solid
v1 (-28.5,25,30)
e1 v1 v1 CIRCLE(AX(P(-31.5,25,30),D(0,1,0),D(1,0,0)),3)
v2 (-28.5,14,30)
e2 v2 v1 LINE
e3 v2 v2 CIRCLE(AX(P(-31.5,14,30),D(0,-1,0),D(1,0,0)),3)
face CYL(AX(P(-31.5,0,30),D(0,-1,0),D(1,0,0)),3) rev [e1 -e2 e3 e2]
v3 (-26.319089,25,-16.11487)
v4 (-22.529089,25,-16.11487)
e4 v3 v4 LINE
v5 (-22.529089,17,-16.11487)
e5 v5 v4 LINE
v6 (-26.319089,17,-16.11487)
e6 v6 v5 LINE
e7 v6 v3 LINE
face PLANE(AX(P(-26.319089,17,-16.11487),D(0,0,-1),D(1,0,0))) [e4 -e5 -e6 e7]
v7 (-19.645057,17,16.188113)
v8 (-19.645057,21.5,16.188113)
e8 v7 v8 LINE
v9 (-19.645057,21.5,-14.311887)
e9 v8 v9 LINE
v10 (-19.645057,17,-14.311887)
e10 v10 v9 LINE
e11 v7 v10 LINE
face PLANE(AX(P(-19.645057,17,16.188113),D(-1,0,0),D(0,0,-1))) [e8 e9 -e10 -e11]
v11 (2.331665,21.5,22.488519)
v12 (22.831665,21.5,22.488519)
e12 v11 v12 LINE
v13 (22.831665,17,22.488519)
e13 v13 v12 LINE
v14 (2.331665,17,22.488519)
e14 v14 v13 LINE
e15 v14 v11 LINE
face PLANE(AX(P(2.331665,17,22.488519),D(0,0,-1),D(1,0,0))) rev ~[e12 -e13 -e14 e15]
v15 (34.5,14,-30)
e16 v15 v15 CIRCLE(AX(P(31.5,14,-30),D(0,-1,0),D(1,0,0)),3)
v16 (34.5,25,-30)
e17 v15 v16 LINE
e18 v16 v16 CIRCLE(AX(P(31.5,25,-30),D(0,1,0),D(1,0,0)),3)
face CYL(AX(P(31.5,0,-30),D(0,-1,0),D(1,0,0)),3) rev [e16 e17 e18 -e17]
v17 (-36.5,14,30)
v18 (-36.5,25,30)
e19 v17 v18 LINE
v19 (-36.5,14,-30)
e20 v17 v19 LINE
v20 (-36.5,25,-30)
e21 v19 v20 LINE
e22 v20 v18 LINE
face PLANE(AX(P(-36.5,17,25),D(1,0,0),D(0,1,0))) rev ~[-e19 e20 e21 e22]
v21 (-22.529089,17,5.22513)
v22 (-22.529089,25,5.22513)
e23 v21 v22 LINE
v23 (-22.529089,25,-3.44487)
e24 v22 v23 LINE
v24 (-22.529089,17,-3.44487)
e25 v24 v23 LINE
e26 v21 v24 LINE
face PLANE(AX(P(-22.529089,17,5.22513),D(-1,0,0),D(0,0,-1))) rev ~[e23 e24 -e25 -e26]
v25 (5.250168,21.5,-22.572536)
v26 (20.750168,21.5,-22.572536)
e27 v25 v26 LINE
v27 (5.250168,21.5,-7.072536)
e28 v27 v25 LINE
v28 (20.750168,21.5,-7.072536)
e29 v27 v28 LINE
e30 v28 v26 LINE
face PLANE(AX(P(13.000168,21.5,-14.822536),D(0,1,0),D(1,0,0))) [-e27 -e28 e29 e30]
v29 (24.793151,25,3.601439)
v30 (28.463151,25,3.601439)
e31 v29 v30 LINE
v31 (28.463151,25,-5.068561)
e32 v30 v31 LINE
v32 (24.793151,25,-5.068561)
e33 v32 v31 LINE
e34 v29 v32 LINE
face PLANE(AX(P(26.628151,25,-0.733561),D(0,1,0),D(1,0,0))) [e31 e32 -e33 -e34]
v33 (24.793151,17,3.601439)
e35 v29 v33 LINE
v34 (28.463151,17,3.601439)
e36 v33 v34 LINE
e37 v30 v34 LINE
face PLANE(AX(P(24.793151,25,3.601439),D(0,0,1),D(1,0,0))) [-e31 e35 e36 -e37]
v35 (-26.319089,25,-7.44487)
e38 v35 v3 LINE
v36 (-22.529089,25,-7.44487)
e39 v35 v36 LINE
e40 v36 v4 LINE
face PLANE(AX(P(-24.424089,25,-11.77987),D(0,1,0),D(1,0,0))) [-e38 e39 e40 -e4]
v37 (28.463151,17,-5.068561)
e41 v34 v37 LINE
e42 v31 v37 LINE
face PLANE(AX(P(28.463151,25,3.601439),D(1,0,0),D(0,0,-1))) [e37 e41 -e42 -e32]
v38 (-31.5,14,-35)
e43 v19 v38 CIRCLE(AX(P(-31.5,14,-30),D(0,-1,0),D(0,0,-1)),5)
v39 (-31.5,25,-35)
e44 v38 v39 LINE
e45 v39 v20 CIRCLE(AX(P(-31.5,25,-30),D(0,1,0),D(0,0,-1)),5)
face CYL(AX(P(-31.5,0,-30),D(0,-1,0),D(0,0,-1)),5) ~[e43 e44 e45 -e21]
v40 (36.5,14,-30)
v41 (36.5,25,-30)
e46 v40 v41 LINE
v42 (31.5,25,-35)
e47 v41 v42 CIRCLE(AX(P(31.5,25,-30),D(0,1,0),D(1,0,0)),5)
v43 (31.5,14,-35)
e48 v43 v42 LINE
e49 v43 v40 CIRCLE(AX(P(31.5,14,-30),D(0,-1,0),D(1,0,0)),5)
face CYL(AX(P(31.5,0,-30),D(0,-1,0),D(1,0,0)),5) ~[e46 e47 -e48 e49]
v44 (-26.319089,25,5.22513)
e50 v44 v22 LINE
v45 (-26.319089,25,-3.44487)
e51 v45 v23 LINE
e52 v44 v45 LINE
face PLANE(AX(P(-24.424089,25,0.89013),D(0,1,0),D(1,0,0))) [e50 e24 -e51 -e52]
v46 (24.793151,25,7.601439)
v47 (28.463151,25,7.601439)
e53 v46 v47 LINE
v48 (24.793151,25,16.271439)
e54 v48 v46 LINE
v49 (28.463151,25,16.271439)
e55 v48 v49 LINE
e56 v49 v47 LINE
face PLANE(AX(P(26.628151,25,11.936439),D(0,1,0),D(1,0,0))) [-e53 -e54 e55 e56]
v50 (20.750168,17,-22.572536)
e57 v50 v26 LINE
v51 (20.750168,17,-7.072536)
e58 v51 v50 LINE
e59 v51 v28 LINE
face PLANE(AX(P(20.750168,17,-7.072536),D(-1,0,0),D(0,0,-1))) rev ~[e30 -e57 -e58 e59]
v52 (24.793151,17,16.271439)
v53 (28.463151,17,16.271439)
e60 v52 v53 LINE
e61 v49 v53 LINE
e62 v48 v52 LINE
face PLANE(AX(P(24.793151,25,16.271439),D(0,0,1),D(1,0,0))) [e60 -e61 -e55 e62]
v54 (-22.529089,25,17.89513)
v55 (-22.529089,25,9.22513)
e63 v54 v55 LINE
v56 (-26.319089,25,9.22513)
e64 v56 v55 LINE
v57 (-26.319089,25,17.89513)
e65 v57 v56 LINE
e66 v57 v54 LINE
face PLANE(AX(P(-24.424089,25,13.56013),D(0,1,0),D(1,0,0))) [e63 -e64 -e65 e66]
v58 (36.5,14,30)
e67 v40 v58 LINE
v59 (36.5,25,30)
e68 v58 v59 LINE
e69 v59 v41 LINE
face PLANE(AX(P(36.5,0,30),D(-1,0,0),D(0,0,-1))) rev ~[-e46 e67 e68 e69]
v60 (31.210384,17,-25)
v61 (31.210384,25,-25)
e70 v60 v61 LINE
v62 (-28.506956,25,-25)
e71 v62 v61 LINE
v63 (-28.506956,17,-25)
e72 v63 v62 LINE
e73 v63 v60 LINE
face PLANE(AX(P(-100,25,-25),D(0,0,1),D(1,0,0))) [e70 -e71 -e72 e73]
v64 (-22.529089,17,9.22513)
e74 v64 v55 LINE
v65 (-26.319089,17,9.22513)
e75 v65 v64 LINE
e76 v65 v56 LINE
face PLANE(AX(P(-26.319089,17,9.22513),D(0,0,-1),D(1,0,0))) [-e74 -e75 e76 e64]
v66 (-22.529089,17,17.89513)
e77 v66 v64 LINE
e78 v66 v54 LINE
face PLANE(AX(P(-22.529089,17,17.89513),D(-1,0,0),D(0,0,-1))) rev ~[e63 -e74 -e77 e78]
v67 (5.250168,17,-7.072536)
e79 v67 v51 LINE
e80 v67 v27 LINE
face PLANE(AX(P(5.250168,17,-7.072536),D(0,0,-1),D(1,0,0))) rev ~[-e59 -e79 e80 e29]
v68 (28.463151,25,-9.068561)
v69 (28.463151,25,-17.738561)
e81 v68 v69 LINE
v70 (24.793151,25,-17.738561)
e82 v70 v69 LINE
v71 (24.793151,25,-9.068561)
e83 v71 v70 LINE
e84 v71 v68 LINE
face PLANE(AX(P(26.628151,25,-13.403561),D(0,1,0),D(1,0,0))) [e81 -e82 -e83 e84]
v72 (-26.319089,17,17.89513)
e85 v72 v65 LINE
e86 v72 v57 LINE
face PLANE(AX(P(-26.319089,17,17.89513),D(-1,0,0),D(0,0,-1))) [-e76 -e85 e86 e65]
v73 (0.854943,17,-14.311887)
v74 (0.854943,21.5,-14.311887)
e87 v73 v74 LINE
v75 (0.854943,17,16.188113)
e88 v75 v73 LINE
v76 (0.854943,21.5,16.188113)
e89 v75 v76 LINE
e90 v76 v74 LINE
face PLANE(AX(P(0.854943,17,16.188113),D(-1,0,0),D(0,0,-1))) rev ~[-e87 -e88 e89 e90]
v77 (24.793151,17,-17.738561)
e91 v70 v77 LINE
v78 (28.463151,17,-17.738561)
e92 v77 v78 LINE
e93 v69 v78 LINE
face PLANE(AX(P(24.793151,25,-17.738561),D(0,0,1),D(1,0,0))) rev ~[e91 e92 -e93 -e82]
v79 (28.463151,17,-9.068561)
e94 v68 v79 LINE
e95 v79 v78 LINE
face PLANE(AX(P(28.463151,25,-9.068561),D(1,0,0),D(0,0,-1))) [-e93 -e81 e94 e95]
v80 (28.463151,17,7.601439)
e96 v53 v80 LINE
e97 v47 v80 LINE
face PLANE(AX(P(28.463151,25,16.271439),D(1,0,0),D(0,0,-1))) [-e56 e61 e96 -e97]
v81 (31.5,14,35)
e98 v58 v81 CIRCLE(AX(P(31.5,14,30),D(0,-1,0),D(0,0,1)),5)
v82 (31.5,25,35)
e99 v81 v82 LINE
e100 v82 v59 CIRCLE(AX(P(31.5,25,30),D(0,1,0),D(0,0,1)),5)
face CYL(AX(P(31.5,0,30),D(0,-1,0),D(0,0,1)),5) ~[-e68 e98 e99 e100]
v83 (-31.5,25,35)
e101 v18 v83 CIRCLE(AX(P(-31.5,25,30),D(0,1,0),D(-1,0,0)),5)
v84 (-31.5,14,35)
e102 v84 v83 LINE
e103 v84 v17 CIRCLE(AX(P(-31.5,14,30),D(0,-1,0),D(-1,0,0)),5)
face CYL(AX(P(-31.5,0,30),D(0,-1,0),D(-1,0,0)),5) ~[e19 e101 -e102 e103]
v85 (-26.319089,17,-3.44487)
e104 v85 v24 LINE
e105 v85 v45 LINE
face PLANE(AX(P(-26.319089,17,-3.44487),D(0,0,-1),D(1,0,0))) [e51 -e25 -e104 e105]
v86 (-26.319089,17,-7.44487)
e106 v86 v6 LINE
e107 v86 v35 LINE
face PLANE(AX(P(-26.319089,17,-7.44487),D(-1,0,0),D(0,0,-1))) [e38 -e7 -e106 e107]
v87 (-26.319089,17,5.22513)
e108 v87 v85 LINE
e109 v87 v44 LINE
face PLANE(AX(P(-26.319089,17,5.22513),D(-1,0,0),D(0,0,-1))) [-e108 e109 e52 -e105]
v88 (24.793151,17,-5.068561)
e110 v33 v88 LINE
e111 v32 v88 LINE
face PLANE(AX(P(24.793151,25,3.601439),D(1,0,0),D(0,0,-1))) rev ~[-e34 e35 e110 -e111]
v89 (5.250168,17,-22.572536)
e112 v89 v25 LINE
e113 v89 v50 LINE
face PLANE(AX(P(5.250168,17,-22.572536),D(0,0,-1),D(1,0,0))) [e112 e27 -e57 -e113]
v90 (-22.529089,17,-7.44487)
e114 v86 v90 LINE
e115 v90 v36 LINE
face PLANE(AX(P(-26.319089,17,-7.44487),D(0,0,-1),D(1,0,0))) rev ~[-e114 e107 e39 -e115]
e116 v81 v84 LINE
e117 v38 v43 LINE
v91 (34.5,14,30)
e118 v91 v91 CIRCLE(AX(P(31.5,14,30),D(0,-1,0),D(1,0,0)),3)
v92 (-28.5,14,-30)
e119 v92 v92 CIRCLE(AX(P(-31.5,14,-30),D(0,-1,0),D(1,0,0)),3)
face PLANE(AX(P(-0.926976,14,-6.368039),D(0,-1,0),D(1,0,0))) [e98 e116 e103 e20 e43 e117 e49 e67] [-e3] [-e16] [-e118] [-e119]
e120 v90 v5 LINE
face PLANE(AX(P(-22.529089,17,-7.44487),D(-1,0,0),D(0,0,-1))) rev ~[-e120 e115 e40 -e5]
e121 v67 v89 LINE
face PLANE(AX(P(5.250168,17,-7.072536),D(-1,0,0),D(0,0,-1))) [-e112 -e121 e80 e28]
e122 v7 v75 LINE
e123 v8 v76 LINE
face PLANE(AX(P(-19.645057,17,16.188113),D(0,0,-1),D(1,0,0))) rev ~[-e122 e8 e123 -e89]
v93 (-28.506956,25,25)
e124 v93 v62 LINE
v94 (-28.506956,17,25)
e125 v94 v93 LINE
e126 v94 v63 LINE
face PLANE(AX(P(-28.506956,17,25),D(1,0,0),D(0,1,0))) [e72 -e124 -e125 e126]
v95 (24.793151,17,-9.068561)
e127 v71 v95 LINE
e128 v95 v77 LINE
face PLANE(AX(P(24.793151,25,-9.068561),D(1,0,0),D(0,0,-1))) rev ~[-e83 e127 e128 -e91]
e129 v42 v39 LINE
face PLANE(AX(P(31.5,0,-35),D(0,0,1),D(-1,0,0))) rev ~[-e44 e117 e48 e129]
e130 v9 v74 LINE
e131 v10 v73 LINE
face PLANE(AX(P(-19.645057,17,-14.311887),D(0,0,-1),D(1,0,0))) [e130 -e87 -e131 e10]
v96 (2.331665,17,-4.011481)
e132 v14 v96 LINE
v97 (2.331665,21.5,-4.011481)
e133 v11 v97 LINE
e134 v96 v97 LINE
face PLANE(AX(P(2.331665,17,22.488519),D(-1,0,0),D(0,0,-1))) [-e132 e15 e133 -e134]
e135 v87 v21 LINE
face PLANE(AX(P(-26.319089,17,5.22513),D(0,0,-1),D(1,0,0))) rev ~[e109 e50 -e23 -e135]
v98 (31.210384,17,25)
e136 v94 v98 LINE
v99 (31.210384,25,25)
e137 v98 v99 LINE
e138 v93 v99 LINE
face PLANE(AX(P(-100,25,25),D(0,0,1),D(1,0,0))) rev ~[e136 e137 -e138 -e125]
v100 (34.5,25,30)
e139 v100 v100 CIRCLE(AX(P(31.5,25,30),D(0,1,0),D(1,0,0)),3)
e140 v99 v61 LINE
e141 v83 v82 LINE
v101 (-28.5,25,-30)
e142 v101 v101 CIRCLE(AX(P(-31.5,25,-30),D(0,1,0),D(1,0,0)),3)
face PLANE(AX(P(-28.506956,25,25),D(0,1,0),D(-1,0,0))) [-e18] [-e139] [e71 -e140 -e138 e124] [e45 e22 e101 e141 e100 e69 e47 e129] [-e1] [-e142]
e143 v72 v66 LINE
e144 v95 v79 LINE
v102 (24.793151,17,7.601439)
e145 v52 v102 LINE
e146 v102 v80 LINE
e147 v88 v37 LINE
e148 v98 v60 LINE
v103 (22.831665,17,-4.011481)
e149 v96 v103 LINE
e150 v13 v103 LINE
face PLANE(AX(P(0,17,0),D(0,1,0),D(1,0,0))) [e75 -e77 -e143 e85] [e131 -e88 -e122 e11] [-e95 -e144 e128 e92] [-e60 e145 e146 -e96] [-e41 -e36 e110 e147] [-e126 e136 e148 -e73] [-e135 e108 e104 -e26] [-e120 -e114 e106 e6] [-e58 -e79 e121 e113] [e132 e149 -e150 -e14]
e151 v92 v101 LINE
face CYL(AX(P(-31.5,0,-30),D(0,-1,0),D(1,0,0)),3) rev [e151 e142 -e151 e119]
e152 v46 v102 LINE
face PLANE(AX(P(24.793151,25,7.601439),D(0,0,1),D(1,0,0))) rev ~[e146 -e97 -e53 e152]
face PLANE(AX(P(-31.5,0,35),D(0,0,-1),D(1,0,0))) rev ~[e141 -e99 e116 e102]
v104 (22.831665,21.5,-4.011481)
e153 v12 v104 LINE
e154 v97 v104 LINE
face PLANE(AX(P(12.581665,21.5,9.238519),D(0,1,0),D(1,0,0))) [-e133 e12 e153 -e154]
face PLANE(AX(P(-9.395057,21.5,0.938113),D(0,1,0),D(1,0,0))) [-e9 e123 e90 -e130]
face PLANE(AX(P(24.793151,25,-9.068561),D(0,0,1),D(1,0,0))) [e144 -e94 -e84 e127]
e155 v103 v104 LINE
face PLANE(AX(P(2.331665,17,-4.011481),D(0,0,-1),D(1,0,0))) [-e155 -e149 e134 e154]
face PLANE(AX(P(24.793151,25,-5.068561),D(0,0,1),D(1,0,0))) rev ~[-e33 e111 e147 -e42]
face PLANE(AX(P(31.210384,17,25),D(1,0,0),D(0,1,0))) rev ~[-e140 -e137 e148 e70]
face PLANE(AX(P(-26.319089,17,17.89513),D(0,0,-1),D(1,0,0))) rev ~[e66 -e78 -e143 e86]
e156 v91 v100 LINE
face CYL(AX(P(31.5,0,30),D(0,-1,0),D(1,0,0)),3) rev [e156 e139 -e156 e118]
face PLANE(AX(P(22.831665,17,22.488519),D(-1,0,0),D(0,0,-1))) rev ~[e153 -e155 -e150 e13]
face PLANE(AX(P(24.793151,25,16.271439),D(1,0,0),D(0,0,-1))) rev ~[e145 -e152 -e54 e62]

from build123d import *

# Parameters (mm, degrees)
SKETCH2_R             = 3
BOSS_EXTRUDE1_DEPTH   = 25
SKETCH5_W             = 200
SKETCH5_H             = 50
CUT_EXTRUDE1_DEPTH    = 8
SKETCH9_W             = 20.5
SKETCH9_H             = 26.5
BATTERY_DEPTH         = 4.5
SKETCH8_W             = 15.5
SKETCH8_H             = 15.5
TEG_TOP_MIDDLE_DEPTH  = 4.5
SKETCH10_W            = 20.5
SKETCH10_H            = 30.5
POWPCB_NEXTBATT_DEPTH = 4.5
SKETCH12_W            = 247.875067181
SKETCH12_H            = 102.432022038
CUT_EXTRUDE2_DEPTH    = 14
SKETCH13_W            = 7.9930444
SKETCH13_H            = 8
SKETCH13_W_2          = 5.289616262
BOSS_EXTRUDE2_DEPTH   = 51
SKETCH14_W            = 3.79
SKETCH14_H            = 8.67
BOSS_EXTRUDE3_DEPTH   = 8
SKETCH15_W            = 3.67
SKETCH15_H            = 8.67
BOSS_EXTRUDE4_DEPTH   = 9


with BuildPart() as part:
    # Sketch2 → Boss-Extrude1 (new body)
    with BuildSketch(Plane(origin=(0, 0, 0), x_dir=(1, 0, 0), z_dir=(0, 1, 0))):
        with BuildLine():
            Line((-31.5, -35), (31.5, -35))
            ThreePointArc((31.5, -35), (35.035533906, -33.535533906), (36.5, -30))
            Line((36.5, -30), (36.5, 30))
            ThreePointArc((36.5, 30), (35.035533906, 33.535533906), (31.5, 35))
            Line((31.5, 35), (-31.5, 35))
            ThreePointArc((-31.5, 35), (-35.035533906, 33.535533906), (-36.5, 30))
            Line((-36.5, 30), (-36.5, -30))
            ThreePointArc((-36.5, -30), (-35.035533906, -33.535533906), (-31.5, -35))
        make_face()
        with Locations((-31.5, 30)):
            Circle(SKETCH2_R, mode=Mode.SUBTRACT)
        with Locations((-31.5, -30)):
            Circle(SKETCH2_R, mode=Mode.SUBTRACT)
        with Locations((31.5, 30)):
            Circle(SKETCH2_R, mode=Mode.SUBTRACT)
        with Locations((31.5, -30)):
            Circle(SKETCH2_R, mode=Mode.SUBTRACT)
    extrude(amount=BOSS_EXTRUDE1_DEPTH)

    # Sketch5 → Cut-Extrude1 (cut)
    with BuildSketch(Plane(origin=(0, 25, 0), x_dir=(1, 0, 0), z_dir=(0, 1, 0))):
        Rectangle(SKETCH5_W, SKETCH5_H)
    extrude(amount=-CUT_EXTRUDE1_DEPTH, mode=Mode.SUBTRACT)

    # Sketch9 → Battery (add)
    with BuildSketch(Plane(origin=(78.136647367, 17, 0), x_dir=(1, 0, 0), z_dir=(0, 1, 0))):
        with Locations((-65.5549825, -9.238518767)):
            Rectangle(SKETCH9_W, SKETCH9_H)
    extrude(amount=BATTERY_DEPTH)

    # Sketch8 → TEG(Top Middle) (add)
    with BuildSketch(Plane(origin=(0.095109107, 17, -16.130780733), x_dir=(1, 0, 0), z_dir=(0, 1, 0))):
        with Locations((12.905058884, -1.308244326)):
            Rectangle(SKETCH8_W, SKETCH8_H)
    extrude(amount=TEG_TOP_MIDDLE_DEPTH)

    # Sketch10 → PowPCB(nextbatt) (add)
    with BuildSketch(Plane(origin=(-57.874767331, 17, 5.938113267), x_dir=(1, 0, 0), z_dir=(0, 1, 0))):
        with Locations((48.479710494, 5)):
            Rectangle(SKETCH10_W, SKETCH10_H)
    extrude(amount=POWPCB_NEXTBATT_DEPTH)

    # Sketch12 → Cut-Extrude2 (cut)
    with BuildSketch(Plane.XZ):
        with Locations((-0.926975658, -6.36803857)):
            Rectangle(SKETCH12_W, SKETCH12_H)
    extrude(amount=-CUT_EXTRUDE2_DEPTH, mode=Mode.SUBTRACT)

    # Sketch13 → Boss-Extrude2 (add)
    with BuildSketch(Plane(origin=(0, 0, 25), x_dir=(-1, 0, 0), z_dir=(0, 0, -1))):
        with Locations((32.5034778, 21)):
            Rectangle(SKETCH13_W, SKETCH13_H)
        with Locations((-33.855191869, 21)):
            Rectangle(SKETCH13_W_2, SKETCH13_H)
    extrude(amount=BOSS_EXTRUDE2_DEPTH)

    # Sketch14 → Boss-Extrude3 (add)
    with BuildSketch(Plane(origin=(0, 17, 0), x_dir=(1, 0, 0), z_dir=(0, 1, 0))):
        with Locations((-24.424089145, -13.560130433)):
            Rectangle(SKETCH14_W, SKETCH14_H)
        with Locations((-24.424089145, 11.779869567)):
            Rectangle(SKETCH14_W, SKETCH14_H)
        with Locations((-24.424089145, -0.890130433)):
            Rectangle(SKETCH14_W, SKETCH14_H)
    extrude(amount=BOSS_EXTRUDE3_DEPTH)

    # Sketch15 → Boss-Extrude4 (add)
    with BuildSketch(Plane(origin=(49.484284455, 25, 12.830577775), x_dir=(1, 0, 0), z_dir=(0, 1, 0))):
        with Locations((-22.856133, 0.894138312)):
            Rectangle(SKETCH15_W, SKETCH15_H)
        with Locations((-22.856133, 26.234138312)):
            Rectangle(SKETCH15_W, SKETCH15_H)
        with Locations((-22.856133, 13.564138312)):
            Rectangle(SKETCH15_W, SKETCH15_H)
    extrude(amount=-BOSS_EXTRUDE4_DEPTH)


solid = part.part
